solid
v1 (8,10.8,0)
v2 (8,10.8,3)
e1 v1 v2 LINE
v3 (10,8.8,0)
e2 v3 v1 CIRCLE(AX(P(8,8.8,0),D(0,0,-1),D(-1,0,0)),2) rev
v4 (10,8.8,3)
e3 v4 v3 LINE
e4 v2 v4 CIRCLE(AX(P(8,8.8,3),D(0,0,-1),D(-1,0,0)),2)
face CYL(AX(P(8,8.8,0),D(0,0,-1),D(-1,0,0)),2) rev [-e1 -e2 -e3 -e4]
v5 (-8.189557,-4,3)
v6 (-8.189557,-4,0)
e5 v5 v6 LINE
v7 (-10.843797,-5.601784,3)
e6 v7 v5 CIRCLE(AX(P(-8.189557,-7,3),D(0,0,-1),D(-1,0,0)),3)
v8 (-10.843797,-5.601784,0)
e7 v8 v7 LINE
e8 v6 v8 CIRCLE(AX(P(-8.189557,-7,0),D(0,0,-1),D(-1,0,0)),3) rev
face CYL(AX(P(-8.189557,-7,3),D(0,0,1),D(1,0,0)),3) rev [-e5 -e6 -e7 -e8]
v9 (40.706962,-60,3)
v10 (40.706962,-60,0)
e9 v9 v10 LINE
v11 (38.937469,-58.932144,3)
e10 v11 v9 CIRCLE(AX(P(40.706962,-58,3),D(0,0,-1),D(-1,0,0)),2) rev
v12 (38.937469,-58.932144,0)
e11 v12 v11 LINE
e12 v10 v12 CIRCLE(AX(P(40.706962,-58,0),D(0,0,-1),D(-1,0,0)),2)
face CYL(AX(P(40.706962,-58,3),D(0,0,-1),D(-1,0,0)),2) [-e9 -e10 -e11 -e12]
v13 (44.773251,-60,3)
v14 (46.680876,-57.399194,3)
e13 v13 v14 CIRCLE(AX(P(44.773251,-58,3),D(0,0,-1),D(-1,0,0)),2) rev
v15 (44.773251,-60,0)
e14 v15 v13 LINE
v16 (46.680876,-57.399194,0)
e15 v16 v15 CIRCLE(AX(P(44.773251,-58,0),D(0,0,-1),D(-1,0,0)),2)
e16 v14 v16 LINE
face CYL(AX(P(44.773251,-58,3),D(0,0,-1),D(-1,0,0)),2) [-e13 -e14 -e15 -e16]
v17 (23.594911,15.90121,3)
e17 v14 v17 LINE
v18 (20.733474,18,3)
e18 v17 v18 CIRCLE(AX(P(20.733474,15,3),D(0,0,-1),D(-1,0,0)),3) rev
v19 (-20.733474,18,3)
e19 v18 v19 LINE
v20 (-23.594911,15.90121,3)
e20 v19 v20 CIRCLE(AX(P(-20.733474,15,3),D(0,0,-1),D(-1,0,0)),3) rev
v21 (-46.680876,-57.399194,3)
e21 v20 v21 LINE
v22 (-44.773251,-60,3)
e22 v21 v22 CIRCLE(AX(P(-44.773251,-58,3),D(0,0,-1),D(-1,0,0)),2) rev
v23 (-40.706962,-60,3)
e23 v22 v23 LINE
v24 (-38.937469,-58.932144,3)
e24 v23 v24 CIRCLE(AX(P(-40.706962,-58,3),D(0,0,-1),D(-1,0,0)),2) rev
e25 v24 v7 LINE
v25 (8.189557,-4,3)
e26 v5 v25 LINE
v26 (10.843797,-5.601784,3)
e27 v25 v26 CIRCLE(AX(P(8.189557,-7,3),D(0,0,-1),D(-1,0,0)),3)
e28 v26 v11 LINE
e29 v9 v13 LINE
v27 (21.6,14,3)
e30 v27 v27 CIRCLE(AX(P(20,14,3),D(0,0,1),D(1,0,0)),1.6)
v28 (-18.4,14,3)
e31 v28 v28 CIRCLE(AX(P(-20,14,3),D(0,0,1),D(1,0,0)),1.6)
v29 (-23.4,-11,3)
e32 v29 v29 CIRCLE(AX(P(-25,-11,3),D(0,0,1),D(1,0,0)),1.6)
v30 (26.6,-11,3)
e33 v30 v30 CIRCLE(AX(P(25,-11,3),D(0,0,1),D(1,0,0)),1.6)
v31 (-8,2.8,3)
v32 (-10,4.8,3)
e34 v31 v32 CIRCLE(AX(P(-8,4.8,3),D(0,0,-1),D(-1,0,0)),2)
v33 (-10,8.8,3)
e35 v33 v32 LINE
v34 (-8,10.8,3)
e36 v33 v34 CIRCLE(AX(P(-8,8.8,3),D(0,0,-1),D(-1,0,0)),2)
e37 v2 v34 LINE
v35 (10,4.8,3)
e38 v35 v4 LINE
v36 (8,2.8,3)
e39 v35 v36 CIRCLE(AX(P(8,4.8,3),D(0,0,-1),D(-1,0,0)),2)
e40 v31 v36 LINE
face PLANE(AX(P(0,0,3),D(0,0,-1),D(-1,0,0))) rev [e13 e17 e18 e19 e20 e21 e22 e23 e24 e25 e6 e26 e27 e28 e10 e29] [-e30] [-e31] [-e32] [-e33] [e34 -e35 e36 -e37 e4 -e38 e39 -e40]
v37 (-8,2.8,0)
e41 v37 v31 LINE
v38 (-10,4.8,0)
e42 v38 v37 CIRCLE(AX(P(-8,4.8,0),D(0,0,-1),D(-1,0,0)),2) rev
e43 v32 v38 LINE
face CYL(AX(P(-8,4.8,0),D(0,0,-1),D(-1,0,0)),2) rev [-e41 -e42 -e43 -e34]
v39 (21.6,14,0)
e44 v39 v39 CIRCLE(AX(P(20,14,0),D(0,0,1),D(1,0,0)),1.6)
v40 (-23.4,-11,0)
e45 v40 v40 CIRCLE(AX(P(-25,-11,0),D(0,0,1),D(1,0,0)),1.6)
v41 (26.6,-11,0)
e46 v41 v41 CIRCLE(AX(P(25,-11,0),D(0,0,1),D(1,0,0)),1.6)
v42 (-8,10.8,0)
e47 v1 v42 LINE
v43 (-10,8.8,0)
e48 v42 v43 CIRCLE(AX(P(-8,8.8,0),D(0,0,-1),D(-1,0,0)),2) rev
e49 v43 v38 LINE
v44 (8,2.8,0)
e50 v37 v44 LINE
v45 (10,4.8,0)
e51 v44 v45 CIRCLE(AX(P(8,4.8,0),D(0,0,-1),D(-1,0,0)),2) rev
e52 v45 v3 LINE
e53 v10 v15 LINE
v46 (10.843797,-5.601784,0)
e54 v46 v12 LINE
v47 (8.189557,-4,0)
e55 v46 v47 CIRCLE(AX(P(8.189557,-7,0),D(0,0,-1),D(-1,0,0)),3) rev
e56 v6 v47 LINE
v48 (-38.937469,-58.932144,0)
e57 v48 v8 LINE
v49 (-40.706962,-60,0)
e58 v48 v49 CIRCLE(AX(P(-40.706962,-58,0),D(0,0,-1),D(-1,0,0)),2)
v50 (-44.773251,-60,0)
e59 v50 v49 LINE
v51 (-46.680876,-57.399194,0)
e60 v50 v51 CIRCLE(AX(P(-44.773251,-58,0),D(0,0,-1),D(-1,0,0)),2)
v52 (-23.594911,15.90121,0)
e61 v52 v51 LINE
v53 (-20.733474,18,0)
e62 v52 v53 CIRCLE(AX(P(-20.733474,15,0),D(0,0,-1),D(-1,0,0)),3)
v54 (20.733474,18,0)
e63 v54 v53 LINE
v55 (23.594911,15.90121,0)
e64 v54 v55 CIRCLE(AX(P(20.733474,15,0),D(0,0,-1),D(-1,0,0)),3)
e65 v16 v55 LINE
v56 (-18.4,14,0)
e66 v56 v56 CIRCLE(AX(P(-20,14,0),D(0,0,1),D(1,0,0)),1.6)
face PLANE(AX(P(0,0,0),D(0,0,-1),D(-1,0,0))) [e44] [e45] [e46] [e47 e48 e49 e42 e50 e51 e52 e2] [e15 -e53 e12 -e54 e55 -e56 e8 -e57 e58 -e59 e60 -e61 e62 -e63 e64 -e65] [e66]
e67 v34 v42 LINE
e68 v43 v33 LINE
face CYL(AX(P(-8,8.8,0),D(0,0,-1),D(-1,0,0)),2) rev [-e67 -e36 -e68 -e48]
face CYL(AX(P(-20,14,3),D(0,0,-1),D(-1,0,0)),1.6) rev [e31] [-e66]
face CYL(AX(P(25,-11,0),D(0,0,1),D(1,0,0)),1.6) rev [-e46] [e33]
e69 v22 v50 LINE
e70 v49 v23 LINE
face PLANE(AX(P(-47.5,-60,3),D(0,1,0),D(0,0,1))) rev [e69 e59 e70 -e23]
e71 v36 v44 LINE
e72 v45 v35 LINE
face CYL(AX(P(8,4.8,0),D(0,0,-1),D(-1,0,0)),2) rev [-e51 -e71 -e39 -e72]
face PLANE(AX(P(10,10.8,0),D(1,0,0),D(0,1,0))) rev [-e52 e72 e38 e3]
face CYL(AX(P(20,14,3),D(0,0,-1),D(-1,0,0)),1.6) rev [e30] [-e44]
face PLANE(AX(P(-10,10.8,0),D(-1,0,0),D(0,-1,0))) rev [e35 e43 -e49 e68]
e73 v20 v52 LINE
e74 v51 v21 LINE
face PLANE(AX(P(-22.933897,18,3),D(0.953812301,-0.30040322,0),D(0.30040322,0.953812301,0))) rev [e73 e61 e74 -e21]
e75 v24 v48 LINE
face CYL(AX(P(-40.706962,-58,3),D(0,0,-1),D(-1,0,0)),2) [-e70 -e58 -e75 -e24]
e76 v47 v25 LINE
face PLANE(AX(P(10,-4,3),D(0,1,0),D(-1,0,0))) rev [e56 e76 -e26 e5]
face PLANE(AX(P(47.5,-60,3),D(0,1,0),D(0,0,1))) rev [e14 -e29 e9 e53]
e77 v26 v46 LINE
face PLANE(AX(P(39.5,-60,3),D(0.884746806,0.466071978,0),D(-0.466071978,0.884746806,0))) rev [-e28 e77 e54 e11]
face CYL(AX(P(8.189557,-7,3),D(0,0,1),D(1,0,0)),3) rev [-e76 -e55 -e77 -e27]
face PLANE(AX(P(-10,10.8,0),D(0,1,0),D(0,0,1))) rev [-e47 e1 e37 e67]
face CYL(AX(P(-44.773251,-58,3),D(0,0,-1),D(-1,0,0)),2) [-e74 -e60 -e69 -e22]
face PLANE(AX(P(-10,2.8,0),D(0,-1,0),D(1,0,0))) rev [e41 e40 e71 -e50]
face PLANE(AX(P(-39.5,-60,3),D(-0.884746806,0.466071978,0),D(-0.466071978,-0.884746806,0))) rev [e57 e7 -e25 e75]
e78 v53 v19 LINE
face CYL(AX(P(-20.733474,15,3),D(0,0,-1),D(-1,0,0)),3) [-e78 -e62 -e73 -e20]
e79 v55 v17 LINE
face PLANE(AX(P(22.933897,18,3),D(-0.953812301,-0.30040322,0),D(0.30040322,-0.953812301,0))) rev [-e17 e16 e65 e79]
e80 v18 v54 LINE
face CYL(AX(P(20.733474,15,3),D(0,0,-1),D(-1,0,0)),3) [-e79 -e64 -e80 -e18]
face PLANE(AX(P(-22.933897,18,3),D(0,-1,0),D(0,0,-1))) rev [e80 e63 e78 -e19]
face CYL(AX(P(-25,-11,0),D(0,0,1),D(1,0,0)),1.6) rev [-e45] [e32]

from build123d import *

# Parameters (mm, degrees)
SKETCH_2_R          = 1.6
EXTRUDE_1_DEPTH     = 3
FILLET_1_R          = 3
FILLET_2_R          = 2
FILLET_3_R          = 3
SKETCH_4_W          = 20
SKETCH_4_H          = 8
CUT_EXTRUDE_2_DEPTH = 77.136305652
FILLET_5_R          = 2
SKETCH_5_R          = 1.6
CUT_EXTRUDE_3_DEPTH = 77.136305652


with BuildPart() as part:
    # 草图2 → 凸台-拉伸1 (new body)
    with BuildSketch(Plane.XY):
        Polygon((-22.933897075, 18), (-47.5, -60), (-39.5, -60), (-10, -4), (10, -4), (39.5, -60), (47.5, -60), (22.933897075, 18), align=None)
        with Locations((-20, 14)):
            Circle(SKETCH_2_R, mode=Mode.SUBTRACT)
        with Locations((20, 14)):
            Circle(SKETCH_2_R, mode=Mode.SUBTRACT)
    extrude(amount=EXTRUDE_1_DEPTH)

    # 圆角1
    fillet_1_edges = [part.edges().sort_by_distance(p)[0] for p in [
        (22.933897075, 18, 1.5),
        (-22.933897075, 18, 1.5),
    ]]
    fillet(fillet_1_edges, radius=FILLET_1_R)

    # 圆角2
    fillet_2_edges = [part.edges().sort_by_distance(p)[0] for p in [
        (47.5, -60, 1.5),
        (39.5, -60, 1.5),
        (-39.5, -60, 1.5),
        (-47.5, -60, 1.5),
    ]]
    fillet(fillet_2_edges, radius=FILLET_2_R)

    # 圆角3
    fillet_3_edges = [part.edges().sort_by_distance(p)[0] for p in [
        (10, -4, 1.5),
        (-10, -4, 1.5),
    ]]
    fillet(fillet_3_edges, radius=FILLET_3_R)

    # 草图4 → 切除-拉伸2 (cut, through all)
    with BuildSketch(Plane.XY.offset(3)):
        with Locations((0, 6.8)):
            Rectangle(SKETCH_4_W, SKETCH_4_H)
    extrude(amount=-CUT_EXTRUDE_2_DEPTH, mode=Mode.SUBTRACT)

    # 圆角5
    fillet_5_edges = [part.edges().sort_by_distance(p)[0] for p in [
        (-10, 2.8, 1.5),
        (-10, 10.8, 1.5),
        (10, 10.8, 1.5),
        (10, 2.8, 1.5),
    ]]
    fillet(fillet_5_edges, radius=FILLET_5_R)

    # 草图5 → 切除-拉伸3 (cut, through all)
    with BuildSketch(Plane.XY.offset(3)):
        with Locations((-25, -11)):
            Circle(SKETCH_5_R)
        with Locations((25, -11)):
            Circle(SKETCH_5_R)
    extrude(amount=-CUT_EXTRUDE_3_DEPTH, mode=Mode.SUBTRACT)


solid = part.part
